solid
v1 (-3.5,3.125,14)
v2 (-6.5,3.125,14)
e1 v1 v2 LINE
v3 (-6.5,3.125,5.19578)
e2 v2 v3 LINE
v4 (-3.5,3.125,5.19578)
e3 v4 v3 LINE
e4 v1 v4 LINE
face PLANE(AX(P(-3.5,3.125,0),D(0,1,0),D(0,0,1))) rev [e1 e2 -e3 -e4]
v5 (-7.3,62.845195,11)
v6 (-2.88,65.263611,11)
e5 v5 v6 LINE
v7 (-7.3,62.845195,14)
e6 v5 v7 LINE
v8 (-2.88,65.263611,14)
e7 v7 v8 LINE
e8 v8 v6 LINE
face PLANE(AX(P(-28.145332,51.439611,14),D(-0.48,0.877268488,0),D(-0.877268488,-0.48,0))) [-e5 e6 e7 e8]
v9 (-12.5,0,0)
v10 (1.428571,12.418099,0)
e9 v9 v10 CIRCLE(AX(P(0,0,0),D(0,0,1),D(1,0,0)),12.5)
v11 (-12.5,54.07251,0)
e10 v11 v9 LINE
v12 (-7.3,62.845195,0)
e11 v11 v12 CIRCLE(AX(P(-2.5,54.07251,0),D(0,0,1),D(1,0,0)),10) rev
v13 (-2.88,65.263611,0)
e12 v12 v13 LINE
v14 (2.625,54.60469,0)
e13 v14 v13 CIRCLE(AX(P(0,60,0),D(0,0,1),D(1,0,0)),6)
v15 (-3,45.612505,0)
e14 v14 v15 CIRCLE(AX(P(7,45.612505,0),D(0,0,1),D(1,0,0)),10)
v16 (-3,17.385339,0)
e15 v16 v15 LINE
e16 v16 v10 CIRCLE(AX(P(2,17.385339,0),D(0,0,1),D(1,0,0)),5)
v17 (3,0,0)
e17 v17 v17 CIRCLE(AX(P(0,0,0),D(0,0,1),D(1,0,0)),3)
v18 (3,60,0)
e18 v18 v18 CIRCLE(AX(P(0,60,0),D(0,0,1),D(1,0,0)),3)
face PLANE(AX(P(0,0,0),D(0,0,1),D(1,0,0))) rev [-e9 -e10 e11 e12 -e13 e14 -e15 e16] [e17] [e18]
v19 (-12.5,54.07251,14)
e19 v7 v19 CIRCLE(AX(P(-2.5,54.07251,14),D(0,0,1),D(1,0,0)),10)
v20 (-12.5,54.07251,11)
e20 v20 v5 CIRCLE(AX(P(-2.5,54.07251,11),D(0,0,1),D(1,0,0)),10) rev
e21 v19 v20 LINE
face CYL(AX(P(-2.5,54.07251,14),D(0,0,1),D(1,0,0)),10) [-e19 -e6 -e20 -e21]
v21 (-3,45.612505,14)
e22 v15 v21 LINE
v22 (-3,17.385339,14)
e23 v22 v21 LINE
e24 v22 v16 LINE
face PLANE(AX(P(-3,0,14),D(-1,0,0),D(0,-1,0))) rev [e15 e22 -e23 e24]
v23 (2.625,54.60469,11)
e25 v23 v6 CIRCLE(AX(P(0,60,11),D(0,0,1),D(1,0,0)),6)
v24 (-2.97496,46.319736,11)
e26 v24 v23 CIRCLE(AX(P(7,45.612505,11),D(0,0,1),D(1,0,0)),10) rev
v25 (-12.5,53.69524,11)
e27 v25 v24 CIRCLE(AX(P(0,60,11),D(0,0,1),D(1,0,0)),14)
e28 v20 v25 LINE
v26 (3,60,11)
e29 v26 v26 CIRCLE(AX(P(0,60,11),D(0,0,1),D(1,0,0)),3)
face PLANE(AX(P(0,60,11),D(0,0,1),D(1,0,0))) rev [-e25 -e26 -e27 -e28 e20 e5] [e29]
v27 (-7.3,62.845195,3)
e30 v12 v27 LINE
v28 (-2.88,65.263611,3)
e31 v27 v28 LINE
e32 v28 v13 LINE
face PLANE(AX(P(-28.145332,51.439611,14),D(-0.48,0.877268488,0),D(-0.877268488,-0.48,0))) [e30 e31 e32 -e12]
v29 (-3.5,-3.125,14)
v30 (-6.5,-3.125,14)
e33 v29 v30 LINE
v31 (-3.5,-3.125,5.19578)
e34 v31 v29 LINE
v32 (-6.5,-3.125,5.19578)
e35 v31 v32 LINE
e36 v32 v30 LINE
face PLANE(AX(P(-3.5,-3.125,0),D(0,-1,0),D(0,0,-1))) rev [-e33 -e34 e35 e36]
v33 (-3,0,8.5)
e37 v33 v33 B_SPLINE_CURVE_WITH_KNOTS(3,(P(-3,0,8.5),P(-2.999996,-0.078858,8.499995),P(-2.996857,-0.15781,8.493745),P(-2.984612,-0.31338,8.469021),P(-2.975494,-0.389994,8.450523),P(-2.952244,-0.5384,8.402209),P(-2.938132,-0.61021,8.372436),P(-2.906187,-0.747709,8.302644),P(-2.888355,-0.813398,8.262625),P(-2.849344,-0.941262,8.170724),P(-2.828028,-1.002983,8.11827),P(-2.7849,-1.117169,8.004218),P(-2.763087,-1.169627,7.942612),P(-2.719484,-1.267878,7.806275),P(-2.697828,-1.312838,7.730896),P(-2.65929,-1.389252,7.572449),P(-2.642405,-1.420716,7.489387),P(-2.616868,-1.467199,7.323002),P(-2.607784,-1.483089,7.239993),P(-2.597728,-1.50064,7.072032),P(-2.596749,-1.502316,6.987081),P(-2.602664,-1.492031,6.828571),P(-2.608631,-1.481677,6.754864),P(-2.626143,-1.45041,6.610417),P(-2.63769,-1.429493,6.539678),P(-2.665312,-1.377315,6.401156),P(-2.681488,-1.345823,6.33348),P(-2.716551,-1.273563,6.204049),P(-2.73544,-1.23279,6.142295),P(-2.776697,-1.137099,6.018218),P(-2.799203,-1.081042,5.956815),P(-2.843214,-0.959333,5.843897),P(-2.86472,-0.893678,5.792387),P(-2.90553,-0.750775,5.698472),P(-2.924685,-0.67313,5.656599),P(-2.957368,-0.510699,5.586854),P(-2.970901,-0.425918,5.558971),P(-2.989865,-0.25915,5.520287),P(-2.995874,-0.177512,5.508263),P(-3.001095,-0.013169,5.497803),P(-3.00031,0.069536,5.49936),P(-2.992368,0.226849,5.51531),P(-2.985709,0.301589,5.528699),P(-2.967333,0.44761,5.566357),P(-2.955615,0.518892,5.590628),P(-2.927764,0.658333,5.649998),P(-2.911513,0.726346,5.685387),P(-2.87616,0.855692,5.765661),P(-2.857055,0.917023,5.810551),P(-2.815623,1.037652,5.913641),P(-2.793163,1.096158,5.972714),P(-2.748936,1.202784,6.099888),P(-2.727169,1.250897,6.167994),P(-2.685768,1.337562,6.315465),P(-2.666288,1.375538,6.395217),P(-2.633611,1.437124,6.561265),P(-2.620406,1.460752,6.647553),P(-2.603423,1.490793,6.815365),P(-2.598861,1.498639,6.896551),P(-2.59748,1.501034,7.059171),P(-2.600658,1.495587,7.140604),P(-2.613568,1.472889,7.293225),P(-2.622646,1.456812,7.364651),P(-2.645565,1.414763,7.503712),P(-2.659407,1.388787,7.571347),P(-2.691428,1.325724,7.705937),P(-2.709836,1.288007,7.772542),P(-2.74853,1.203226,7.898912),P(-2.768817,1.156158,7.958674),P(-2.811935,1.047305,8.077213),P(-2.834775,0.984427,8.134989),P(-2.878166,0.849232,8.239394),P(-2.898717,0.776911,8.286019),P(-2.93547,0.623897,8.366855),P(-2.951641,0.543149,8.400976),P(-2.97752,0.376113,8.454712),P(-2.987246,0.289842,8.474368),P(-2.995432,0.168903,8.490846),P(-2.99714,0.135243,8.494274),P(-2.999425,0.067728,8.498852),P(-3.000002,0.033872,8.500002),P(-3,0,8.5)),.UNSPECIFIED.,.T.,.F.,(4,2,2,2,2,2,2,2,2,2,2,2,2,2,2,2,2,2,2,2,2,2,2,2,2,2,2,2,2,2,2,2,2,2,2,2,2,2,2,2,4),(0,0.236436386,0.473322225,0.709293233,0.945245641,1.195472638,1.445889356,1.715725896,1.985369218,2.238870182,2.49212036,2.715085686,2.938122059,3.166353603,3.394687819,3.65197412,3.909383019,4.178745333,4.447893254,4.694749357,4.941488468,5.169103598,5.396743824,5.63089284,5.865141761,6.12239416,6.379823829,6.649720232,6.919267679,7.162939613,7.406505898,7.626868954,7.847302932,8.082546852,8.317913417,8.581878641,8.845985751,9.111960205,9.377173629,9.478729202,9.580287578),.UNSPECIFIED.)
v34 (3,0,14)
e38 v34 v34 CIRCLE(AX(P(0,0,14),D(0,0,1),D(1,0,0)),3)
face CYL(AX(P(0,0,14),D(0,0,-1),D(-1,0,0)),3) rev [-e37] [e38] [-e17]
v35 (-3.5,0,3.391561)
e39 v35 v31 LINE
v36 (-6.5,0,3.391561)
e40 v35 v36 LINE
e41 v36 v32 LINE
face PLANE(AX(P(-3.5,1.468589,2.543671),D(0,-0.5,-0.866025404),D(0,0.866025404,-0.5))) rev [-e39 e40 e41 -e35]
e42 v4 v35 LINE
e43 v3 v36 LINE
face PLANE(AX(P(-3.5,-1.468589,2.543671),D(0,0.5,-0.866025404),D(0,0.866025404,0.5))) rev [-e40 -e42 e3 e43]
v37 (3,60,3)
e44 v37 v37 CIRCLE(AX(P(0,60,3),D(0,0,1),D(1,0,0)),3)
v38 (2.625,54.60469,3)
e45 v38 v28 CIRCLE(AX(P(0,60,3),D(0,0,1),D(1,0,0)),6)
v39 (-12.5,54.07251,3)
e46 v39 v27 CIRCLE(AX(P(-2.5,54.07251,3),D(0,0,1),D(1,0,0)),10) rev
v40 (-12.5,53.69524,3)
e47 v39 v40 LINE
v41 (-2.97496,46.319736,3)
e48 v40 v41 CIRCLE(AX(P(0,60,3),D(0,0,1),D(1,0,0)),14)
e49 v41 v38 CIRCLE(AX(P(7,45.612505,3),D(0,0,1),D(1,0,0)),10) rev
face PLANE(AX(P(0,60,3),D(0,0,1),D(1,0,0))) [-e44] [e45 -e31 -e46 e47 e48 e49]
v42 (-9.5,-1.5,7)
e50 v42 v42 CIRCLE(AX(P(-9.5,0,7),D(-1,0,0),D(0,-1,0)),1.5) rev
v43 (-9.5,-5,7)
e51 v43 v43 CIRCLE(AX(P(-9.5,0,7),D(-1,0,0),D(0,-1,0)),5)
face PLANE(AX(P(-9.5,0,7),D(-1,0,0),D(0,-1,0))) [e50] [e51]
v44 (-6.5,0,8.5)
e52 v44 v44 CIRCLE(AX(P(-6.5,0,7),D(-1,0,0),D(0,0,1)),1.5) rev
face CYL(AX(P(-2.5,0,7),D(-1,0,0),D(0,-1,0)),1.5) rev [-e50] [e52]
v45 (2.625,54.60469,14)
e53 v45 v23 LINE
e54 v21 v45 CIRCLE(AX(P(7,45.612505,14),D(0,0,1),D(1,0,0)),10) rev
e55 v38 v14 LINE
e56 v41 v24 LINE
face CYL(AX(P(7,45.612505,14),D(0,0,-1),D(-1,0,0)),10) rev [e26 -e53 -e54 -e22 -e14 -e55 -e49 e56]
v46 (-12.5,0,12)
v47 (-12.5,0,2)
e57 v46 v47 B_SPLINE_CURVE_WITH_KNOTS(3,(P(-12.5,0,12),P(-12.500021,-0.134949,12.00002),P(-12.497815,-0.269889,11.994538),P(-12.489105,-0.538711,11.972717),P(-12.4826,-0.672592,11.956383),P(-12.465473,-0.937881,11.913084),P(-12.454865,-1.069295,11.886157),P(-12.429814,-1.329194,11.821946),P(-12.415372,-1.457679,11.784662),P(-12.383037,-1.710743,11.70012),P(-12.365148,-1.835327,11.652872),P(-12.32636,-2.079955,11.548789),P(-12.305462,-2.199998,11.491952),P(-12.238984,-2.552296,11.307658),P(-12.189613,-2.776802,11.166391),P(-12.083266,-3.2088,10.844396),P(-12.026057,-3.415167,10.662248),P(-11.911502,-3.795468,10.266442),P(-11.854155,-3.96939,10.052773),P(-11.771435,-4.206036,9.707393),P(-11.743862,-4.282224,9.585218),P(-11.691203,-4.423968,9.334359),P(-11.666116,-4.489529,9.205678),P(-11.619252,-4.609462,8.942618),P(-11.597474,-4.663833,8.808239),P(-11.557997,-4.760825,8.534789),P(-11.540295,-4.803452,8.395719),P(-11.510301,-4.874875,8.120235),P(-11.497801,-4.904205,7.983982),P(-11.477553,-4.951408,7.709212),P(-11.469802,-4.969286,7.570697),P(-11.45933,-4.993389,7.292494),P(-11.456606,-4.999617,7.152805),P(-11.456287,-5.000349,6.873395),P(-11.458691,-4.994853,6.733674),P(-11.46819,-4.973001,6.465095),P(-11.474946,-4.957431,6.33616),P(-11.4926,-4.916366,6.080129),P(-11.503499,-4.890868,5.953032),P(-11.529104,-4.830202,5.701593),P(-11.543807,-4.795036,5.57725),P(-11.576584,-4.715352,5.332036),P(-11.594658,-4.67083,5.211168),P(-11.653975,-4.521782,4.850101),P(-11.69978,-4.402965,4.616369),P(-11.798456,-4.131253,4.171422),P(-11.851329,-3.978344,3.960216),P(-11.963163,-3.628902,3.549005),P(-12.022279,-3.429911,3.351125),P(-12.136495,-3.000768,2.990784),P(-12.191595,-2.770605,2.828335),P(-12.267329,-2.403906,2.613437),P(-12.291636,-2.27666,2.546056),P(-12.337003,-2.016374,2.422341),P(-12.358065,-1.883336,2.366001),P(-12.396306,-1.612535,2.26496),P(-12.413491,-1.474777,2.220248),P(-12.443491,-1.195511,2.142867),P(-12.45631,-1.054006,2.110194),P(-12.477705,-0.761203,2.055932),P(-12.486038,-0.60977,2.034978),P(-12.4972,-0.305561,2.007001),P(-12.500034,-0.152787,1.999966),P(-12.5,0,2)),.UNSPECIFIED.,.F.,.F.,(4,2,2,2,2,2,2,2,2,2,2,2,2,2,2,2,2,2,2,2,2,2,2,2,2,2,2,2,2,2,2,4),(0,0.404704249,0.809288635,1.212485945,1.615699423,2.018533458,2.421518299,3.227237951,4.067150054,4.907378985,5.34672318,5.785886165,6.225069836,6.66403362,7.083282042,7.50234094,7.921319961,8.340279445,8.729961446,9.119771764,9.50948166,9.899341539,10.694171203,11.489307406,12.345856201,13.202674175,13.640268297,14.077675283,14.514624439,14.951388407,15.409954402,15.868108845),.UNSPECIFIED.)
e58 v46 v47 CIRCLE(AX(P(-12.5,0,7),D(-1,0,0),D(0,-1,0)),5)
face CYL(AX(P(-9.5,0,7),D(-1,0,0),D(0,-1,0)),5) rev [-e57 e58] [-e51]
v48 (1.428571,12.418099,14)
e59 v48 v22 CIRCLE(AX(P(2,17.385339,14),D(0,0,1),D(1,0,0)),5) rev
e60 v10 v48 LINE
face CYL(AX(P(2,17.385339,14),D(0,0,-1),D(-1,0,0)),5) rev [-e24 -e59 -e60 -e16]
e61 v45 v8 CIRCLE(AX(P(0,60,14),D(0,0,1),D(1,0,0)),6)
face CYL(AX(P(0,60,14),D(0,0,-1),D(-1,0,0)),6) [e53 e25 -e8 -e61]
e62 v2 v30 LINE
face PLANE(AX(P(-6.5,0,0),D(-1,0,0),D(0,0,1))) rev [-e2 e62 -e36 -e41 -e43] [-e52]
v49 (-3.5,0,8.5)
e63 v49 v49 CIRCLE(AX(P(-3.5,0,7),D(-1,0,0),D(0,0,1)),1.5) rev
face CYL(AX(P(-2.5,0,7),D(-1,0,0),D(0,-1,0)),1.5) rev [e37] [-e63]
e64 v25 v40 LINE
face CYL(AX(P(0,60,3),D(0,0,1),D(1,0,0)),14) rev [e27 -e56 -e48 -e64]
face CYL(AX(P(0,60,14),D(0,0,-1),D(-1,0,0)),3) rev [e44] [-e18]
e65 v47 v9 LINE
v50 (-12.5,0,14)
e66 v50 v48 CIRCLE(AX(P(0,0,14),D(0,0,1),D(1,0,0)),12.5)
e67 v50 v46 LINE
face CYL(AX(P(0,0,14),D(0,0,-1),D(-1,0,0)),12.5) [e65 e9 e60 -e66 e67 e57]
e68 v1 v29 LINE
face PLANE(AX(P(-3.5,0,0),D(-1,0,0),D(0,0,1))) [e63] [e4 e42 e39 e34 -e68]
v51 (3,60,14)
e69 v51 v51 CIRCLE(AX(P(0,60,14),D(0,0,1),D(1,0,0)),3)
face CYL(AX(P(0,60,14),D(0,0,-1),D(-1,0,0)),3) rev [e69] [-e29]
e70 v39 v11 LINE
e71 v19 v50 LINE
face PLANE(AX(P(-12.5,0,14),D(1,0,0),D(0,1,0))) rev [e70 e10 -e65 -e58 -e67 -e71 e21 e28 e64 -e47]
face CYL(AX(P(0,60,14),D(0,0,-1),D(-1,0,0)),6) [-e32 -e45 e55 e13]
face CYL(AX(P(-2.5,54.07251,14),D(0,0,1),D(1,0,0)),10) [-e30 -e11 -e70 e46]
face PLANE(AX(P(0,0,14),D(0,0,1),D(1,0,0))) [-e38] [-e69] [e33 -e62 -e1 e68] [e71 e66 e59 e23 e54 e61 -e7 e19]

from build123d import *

# Parameters (mm, degrees)
CROQUIS1_R              = 3
SALIENTE_EXTRUIR1_DEPTH = 14
REDONDEO1_R             = 10
REDONDEO2_R             = 10
REDONDEO3_R             = 5
CORTAR_EXTRUIR1_START   = -3
CROQUIS2_R              = 14
CORTAR_EXTRUIR1_DEPTH   = 8
CROQUIS3_R              = 1.5
CORTAR_EXTRUIR2_DEPTH   = 10
CROQUIS4_R              = 5
CORTAR_EXTRUIR3_DEPTH   = 3
CORTAR_EXTRUIR4_START   = -3
CROQUIS5_R              = 1.5
CORTAR_EXTRUIR4_DEPTH   = 3


with BuildPart() as part:
    # Croquis1 → Saliente-Extruir1 (new body)
    with BuildSketch(Plane.XY):
        with BuildLine():
            ThreePointArc((-12.5, 0), (9.842509843, -7.705517504), (-3, 12.1346611))
            Line((-3, 12.1346611), (-3, 54.803847577))
            ThreePointArc((-3, 54.803847577), (5.999605182, 59.93116932), (-2.88, 65.263610928))
            Line((-2.88, 65.263610928), (-12.5, 60))
            Line((-12.5, 60), (-12.5, 0))
        make_face()
        Circle(CROQUIS1_R, mode=Mode.SUBTRACT)
        with Locations((0, 60)):
            Circle(CROQUIS1_R, mode=Mode.SUBTRACT)
    extrude(amount=SALIENTE_EXTRUIR1_DEPTH)

    # Redondeo1
    redondeo1_edges = [part.edges().sort_by_distance(p)[0] for p in [
        (-12.5, 60, 7),
    ]]
    fillet(redondeo1_edges, radius=REDONDEO1_R)

    # Redondeo2
    redondeo2_edges = [part.edges().sort_by_distance(p)[0] for p in [
        (-3, 54.803847577, 7),
    ]]
    fillet(redondeo2_edges, radius=REDONDEO2_R)

    # Redondeo3
    redondeo3_edges = [part.edges().sort_by_distance(p)[0] for p in [
        (-3, 12.1346611, 7),
    ]]
    fillet(redondeo3_edges, radius=REDONDEO3_R)

    # Croquis2 → Cortar-Extruir1 (cut)
    with BuildSketch(Plane.XY.offset(14).offset(CORTAR_EXTRUIR1_START)):
        with Locations((0, 60)):
            Circle(CROQUIS2_R)
    extrude(amount=-CORTAR_EXTRUIR1_DEPTH, mode=Mode.SUBTRACT)

    # Croquis3 → Cortar-Extruir2 (cut)
    with BuildSketch(Plane.ZY.offset(12.5)):
        with Locations((7, 0)):
            Circle(CROQUIS3_R)
    extrude(amount=-CORTAR_EXTRUIR2_DEPTH, mode=Mode.SUBTRACT)

    # Croquis4 → Cortar-Extruir3 (cut)
    with BuildSketch(Plane.ZY.offset(12.5)):
        with Locations((7, 0)):
            Circle(CROQUIS4_R)
    extrude(amount=-CORTAR_EXTRUIR3_DEPTH, mode=Mode.SUBTRACT)

    # Croquis5 → Cortar-Extruir4 (cut)
    with BuildSketch(Plane.ZY.offset(9.5).offset(CORTAR_EXTRUIR4_START)):
        Polygon((8.804219591, 3.125), (8.804219591, -3.125), (5.195780409, -3.125), (3.391560818, 0), (5.195780409, 3.125), align=None)
        with Locations((7, 0)):
            Circle(CROQUIS5_R, mode=Mode.SUBTRACT)
        Polygon((10.608439182, 0), (8.804219591, 3.125), (8.804219591, -3.125), align=None)
        with BuildLine():
            Line((8.804219591, 3.125), (10.608439182, 0))
            Line((10.608439182, 0), (8.804219591, -3.125))
            Line((8.804219591, -3.125), (10.903123749, -3.125))
            ThreePointArc((10.903123749, -3.125), (11.717818285, -1.655956107), (12, 0))
            ThreePointArc((12, 0), (11.717818285, 1.655956107), (10.903123749, 3.125))
            Line((10.903123749, 3.125), (8.804219591, 3.125))
        make_face()
        with BuildLine():
            Line((14, 3.125), (10.903123749, 3.125))
            ThreePointArc((10.903123749, 3.125), (11.717818285, 1.655956107), (12, 0))
            ThreePointArc((12, 0), (11.717818285, -1.655956107), (10.903123749, -3.125))
            Line((10.903123749, -3.125), (14, -3.125))
            Line((14, -3.125), (14, 3.125))
        make_face()
    extrude(amount=-CORTAR_EXTRUIR4_DEPTH, mode=Mode.SUBTRACT)


solid = part.part
